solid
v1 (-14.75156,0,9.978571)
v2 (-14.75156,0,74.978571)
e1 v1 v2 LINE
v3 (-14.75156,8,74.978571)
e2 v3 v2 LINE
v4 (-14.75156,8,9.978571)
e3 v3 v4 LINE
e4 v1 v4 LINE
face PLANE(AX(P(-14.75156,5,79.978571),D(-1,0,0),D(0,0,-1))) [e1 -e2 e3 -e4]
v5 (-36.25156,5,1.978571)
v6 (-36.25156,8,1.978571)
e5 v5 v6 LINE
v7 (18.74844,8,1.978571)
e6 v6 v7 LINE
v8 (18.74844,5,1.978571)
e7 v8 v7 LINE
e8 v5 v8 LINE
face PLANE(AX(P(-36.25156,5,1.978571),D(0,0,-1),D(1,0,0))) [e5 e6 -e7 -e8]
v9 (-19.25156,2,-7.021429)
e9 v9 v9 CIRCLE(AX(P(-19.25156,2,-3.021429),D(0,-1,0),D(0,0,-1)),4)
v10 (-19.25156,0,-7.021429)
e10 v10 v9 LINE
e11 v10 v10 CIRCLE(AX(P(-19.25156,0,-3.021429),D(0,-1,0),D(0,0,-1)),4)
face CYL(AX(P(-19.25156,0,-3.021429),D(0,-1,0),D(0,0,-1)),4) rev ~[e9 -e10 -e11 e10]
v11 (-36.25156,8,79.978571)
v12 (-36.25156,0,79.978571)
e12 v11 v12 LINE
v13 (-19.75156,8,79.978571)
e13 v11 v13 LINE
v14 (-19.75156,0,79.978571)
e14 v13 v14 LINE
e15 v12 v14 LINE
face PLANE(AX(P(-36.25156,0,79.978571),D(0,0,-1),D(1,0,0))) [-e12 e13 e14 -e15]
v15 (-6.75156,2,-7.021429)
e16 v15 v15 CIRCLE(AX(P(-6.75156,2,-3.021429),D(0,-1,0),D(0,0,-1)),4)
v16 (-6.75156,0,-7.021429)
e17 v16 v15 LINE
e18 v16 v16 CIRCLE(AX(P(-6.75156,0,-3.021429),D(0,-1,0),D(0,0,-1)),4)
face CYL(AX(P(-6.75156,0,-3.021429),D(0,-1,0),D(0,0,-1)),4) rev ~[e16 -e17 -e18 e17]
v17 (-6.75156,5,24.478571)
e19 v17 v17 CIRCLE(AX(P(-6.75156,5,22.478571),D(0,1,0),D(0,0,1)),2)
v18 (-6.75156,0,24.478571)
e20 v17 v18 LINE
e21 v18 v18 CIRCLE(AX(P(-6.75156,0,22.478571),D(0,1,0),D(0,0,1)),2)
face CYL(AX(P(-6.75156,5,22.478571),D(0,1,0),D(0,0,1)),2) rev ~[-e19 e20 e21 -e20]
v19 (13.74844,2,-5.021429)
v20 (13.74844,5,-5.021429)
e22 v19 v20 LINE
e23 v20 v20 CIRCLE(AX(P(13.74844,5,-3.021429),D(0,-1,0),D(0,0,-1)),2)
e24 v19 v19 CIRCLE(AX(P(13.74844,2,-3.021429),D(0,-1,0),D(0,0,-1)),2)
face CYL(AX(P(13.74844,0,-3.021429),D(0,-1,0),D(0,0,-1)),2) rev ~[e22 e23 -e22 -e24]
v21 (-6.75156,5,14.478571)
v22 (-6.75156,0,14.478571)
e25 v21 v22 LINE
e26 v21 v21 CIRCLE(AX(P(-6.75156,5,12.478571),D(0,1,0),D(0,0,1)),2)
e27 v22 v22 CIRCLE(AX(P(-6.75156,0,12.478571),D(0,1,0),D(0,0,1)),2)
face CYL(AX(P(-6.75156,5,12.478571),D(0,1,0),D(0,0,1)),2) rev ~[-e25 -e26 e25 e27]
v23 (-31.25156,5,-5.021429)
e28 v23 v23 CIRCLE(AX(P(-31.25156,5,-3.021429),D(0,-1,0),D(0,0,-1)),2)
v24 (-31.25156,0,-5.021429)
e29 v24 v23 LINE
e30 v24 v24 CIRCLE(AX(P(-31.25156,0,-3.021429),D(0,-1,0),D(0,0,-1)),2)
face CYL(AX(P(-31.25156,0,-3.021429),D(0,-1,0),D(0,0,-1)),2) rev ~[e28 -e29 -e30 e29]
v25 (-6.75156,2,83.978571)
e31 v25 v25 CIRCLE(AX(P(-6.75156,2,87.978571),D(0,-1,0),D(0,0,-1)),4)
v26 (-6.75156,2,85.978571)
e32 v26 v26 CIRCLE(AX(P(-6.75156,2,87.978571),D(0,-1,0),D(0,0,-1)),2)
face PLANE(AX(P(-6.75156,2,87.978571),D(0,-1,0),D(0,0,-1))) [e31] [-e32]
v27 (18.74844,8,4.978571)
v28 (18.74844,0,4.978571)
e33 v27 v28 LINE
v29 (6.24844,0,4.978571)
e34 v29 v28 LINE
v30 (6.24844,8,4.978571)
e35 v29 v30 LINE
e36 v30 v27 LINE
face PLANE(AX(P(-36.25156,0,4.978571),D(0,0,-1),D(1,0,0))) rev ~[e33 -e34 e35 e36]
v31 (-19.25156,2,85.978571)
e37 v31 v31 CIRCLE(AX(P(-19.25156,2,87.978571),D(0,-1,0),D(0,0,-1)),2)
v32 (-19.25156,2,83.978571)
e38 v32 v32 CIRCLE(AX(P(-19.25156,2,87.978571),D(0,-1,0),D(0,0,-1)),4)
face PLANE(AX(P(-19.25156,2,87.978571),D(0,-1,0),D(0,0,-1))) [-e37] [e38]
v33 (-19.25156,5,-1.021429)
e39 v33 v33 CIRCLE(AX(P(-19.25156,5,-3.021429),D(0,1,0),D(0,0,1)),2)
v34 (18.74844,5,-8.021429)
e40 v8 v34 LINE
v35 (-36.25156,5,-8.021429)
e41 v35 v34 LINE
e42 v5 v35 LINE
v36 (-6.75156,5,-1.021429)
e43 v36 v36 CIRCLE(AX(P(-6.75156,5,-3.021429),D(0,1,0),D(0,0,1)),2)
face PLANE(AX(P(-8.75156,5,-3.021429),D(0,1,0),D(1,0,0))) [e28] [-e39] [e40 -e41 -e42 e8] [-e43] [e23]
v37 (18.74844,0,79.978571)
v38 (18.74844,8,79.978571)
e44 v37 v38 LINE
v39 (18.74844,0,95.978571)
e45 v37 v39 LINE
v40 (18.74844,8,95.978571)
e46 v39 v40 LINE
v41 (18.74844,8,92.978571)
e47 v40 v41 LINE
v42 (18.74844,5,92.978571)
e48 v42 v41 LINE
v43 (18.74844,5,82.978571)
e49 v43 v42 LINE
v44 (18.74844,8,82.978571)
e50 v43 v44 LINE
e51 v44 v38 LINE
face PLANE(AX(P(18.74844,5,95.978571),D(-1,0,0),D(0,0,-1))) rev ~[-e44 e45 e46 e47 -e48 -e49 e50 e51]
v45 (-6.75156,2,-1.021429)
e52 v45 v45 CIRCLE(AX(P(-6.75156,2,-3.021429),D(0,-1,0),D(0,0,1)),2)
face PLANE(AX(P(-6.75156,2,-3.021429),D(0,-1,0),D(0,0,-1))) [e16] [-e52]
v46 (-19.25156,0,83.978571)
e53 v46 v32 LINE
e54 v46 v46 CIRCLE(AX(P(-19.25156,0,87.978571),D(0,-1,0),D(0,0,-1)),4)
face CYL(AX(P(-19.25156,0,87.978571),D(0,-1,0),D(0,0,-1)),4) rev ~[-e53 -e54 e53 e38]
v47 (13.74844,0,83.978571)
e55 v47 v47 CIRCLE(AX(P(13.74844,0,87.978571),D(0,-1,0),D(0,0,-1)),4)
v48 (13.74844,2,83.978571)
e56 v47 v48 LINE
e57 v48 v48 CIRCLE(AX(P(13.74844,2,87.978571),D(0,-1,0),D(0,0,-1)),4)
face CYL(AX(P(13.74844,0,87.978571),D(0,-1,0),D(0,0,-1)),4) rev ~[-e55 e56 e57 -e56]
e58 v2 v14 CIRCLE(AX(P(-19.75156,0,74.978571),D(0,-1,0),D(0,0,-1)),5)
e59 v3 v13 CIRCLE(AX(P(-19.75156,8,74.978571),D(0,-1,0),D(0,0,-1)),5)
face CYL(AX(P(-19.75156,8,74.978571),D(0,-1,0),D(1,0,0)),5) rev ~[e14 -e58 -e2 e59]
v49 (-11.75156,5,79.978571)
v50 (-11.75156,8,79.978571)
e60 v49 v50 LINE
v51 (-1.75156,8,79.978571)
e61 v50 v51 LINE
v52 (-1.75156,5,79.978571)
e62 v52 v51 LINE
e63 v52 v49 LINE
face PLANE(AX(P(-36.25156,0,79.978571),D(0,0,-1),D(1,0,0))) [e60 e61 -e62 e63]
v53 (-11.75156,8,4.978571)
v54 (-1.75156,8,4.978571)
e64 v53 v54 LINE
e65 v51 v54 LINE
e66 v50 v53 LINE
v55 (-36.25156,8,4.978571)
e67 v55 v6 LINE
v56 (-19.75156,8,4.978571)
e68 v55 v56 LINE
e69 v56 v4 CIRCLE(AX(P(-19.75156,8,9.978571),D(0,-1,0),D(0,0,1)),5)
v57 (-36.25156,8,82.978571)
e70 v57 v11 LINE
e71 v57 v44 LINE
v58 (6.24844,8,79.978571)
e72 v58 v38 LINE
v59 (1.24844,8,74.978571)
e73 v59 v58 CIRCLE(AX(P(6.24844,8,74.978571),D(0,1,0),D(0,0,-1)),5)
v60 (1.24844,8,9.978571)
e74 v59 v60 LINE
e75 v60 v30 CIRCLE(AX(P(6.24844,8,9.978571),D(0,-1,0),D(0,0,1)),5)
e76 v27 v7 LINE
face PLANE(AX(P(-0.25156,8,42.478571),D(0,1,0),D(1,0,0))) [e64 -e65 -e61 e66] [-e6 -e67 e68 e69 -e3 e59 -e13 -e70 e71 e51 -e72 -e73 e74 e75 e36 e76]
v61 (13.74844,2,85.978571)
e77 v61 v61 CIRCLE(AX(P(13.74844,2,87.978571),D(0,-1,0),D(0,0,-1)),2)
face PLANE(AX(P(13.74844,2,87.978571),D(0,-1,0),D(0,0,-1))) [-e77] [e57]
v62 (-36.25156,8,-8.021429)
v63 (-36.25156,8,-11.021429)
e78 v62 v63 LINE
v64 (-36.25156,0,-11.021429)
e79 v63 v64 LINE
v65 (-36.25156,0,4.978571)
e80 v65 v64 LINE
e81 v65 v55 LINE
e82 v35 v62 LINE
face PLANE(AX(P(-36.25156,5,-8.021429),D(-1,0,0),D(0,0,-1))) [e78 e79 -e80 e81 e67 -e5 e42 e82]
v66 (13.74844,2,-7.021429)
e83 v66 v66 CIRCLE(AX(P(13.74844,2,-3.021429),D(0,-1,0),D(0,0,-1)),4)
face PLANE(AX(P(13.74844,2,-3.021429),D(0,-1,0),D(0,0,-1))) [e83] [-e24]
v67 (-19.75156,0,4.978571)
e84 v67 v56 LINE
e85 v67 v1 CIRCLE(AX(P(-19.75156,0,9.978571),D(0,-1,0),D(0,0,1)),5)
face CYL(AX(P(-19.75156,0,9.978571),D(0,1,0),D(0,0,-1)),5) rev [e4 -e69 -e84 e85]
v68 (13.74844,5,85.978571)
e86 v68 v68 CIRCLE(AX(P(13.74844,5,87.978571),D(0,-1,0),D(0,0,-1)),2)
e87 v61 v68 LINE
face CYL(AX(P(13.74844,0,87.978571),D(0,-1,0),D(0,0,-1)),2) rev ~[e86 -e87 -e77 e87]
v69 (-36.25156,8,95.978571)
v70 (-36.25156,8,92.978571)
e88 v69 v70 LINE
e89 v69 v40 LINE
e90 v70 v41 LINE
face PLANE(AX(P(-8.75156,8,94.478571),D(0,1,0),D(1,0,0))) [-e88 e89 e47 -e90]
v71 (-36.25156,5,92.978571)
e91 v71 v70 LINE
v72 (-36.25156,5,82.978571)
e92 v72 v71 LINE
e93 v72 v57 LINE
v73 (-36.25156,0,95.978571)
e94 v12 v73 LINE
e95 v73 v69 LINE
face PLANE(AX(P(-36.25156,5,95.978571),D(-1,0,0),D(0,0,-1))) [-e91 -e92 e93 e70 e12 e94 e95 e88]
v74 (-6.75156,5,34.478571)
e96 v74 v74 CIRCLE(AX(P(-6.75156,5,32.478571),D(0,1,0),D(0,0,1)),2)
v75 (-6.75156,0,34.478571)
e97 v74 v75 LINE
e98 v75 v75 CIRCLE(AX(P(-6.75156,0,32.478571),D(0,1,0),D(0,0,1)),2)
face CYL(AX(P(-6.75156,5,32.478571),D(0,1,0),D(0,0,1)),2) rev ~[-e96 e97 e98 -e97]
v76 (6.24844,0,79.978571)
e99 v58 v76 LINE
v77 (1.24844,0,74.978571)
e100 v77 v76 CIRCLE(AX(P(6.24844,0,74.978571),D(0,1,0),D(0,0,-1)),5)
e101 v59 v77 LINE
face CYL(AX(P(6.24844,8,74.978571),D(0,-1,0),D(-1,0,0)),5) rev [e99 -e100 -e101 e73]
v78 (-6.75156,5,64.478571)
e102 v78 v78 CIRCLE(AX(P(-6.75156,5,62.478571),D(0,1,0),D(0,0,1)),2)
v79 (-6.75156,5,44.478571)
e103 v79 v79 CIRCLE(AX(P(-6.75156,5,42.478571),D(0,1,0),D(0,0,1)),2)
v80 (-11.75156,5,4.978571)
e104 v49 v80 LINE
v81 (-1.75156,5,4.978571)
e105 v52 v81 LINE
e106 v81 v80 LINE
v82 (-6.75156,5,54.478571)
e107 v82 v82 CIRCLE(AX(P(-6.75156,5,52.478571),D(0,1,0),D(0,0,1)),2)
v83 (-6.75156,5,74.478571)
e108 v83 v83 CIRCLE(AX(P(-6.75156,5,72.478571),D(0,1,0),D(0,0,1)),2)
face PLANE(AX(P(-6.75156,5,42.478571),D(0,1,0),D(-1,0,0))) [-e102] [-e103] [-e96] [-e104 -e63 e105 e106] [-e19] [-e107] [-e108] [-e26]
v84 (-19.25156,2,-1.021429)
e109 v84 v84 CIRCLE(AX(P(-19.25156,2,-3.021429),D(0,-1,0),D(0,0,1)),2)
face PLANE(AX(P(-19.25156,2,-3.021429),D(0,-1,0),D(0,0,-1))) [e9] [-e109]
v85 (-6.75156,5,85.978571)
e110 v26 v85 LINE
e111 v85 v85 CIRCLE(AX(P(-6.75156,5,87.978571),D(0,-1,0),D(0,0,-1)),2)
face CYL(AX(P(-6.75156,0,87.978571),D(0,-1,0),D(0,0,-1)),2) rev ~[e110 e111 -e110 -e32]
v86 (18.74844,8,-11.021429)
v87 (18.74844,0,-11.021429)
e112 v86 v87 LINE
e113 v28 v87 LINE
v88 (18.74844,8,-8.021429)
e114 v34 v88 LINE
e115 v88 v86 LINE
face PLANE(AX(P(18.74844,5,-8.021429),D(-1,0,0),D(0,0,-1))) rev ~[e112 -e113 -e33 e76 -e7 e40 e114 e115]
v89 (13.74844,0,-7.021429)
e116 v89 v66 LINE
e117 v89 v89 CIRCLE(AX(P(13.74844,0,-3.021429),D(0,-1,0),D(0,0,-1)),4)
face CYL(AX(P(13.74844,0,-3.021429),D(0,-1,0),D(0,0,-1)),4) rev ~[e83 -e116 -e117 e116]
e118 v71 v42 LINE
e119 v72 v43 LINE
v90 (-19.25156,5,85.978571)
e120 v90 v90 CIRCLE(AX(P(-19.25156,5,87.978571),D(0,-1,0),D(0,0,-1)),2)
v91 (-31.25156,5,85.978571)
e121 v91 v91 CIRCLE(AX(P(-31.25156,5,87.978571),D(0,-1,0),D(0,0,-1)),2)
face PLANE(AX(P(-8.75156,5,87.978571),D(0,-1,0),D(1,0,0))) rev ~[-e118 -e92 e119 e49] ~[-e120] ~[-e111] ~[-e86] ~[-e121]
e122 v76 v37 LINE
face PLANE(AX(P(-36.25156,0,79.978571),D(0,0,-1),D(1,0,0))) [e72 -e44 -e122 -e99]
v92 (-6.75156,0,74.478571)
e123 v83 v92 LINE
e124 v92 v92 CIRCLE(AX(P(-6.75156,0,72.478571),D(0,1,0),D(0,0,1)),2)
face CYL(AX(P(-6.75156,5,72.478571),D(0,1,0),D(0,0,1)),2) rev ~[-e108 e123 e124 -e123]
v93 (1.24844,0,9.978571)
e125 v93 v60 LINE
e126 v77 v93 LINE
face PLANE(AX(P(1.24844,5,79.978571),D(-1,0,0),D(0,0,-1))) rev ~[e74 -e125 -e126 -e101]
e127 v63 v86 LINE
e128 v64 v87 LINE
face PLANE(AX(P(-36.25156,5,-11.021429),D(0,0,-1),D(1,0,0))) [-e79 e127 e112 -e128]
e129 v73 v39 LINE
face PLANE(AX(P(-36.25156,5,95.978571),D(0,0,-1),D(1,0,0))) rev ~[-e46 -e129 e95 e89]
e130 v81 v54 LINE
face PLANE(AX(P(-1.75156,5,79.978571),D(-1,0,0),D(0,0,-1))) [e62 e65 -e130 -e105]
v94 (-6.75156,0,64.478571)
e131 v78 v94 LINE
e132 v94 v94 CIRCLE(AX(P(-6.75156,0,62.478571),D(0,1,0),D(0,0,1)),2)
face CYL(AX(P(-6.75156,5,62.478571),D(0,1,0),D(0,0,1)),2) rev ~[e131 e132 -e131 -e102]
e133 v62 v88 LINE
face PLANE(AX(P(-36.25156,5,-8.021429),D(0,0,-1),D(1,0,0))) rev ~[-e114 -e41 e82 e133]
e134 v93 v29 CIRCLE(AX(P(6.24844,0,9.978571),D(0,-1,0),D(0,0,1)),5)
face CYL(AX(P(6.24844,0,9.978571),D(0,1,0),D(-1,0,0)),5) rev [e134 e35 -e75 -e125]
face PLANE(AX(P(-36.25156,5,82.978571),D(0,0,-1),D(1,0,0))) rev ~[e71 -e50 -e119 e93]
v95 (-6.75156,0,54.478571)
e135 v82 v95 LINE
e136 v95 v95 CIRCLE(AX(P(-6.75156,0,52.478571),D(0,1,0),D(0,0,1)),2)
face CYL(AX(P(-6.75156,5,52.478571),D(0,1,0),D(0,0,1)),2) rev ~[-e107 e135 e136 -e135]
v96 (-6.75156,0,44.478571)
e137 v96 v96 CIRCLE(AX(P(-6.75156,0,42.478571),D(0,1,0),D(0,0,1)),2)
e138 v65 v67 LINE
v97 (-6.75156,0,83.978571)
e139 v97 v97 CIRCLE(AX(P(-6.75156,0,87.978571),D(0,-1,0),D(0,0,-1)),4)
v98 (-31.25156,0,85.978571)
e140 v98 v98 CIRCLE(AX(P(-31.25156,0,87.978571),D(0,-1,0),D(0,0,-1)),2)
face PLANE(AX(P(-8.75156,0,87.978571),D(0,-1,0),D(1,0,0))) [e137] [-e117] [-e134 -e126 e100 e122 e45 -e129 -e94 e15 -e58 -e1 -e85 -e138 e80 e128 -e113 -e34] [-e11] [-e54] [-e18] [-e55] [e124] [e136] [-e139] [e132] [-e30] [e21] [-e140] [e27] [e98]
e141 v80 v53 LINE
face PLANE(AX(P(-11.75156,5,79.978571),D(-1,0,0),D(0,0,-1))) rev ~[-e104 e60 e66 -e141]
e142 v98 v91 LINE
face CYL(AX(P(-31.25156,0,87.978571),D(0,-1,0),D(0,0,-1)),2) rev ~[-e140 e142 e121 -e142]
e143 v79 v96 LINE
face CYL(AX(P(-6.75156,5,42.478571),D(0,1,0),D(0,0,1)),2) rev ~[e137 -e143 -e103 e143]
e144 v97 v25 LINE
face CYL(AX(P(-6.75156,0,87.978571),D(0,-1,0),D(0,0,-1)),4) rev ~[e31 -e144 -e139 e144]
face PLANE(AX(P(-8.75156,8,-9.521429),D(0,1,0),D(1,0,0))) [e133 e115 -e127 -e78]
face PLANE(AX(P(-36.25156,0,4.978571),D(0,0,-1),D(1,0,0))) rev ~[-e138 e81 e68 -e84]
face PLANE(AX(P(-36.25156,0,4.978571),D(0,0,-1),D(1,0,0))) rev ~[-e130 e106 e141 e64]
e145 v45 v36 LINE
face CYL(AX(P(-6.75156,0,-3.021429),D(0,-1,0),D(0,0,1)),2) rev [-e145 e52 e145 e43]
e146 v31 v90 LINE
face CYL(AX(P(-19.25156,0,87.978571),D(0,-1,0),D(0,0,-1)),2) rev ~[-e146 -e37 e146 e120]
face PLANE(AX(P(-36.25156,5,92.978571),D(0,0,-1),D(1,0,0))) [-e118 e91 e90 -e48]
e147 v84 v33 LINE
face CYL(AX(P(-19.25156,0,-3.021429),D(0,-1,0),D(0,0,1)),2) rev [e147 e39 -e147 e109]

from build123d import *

# Parameters (mm, degrees)
SKETCH1_W           = 55
SKETCH1_H           = 16
SKETCH1_R           = 2
BOSS_EXTRUDE1_DEPTH = 5
SKETCH2_W           = 55
SKETCH2_H           = 3
BOSS_EXTRUDE2_DEPTH = 3
SKETCH4_W           = 55
SKETCH4_H           = 16
SKETCH4_R           = 2
BOSS_EXTRUDE3_DEPTH = 5
SKETCH5_W           = 55
SKETCH5_H           = 3
BOSS_EXTRUDE4_DEPTH = 3
BOSS_EXTRUDE5_DEPTH = 5
SKETCH7_W           = 3
SKETCH7_H           = 75
BOSS_EXTRUDE6_DEPTH = 3
SKETCH8_R           = 2
CUT_EXTRUDE2_DEPTH  = 5
SKETCH10_R          = 4
CUT_EXTRUDE3_DEPTH  = 2
SKETCH11_R          = 2
CUT_EXTRUDE4_DEPTH  = 5
SKETCH12_R          = 2
CUT_EXTRUDE5_DEPTH  = 5
FILLET1_R           = 5


with BuildPart() as part:
    # Sketch1 → Boss-Extrude1 (new body)
    with BuildSketch(Plane(origin=(0, 0, 0), x_dir=(1, 0, 0), z_dir=(0, 1, 0))):
        with Locations((-8.751560295, 3.021428571)):
            Rectangle(SKETCH1_W, SKETCH1_H)
        with Locations(Location((-6.751560295, 3.021428571, 0), (0, 0, 270))):
            Circle(SKETCH1_R, mode=Mode.SUBTRACT)
        with Locations(Location((-19.251560295, 3.021428571, 0), (0, 0, 270))):
            Circle(SKETCH1_R, mode=Mode.SUBTRACT)
    extrude(amount=BOSS_EXTRUDE1_DEPTH)

    # Sketch2 → Boss-Extrude2 (add)
    with BuildSketch(Plane(origin=(0, 5, 0), x_dir=(1, 0, 0), z_dir=(0, 1, 0))):
        with Locations((-8.751560295, 9.521428571)):
            Rectangle(SKETCH2_W, SKETCH2_H)
        with Locations((-8.751560295, -3.478571429)):
            Rectangle(SKETCH2_W, SKETCH2_H)
    extrude(amount=BOSS_EXTRUDE2_DEPTH)



with BuildPart() as body_2:
    # Sketch4 → Boss-Extrude3 (new body)
    with BuildSketch(Plane.XZ):
        with Locations((-8.751560295, 87.978571429)):
            Rectangle(SKETCH4_W, SKETCH4_H)
        with Locations(Location((-19.251560295, 87.978571429, 0), (0, 0, 270))):
            Circle(SKETCH4_R, mode=Mode.SUBTRACT)
        with Locations(Location((-6.751560295, 87.978571429, 0), (0, 0, 270))):
            Circle(SKETCH4_R, mode=Mode.SUBTRACT)
    extrude(amount=-BOSS_EXTRUDE3_DEPTH)

    # Sketch5 → Boss-Extrude4 (add)
    with BuildSketch(Plane(origin=(0, 5, 0), x_dir=(1, 0, 0), z_dir=(0, 1, 0))):
        with Locations((-8.751560295, -94.478571429)):
            Rectangle(SKETCH5_W, SKETCH5_H)
        with Locations((-8.751560295, -81.478571429)):
            Rectangle(SKETCH5_W, SKETCH5_H)
    extrude(amount=BOSS_EXTRUDE4_DEPTH)


with BuildPart() as part_1:
    add(part.part)

    add(body_2.part)  # Boss-Extrude5 merges body 2
    # Sketch6 → Boss-Extrude5 (add)
    with BuildSketch(Plane.XZ):
        Polygon((-6.751560295, 79.978571429), (1.248439705, 79.978571429), (1.248439705, 4.978571429), (-14.751560295, 4.978571429), (-14.751560295, 79.978571429), align=None)
    extrude(amount=-BOSS_EXTRUDE5_DEPTH)

    # Sketch7 → Boss-Extrude6 (add)
    with BuildSketch(Plane(origin=(0, 5, 0), x_dir=(1, 0, 0), z_dir=(0, 1, 0))):
        with Locations((-0.251560295, -42.478571429)):
            Rectangle(SKETCH7_W, SKETCH7_H)
        with Locations((-13.251560295, -42.478571429)):
            Rectangle(SKETCH7_W, SKETCH7_H)
    extrude(amount=BOSS_EXTRUDE6_DEPTH)

    # Sketch8 → Cut-Extrude2 (cut)
    with BuildSketch(Plane.XZ):
        with Locations(Location((13.748439705, -3.021428571, 0), (0, 0, 270))):
            Circle(SKETCH8_R)
        with Locations(Location((13.748439705, 87.978571429, 0), (0, 0, 270))):
            Circle(SKETCH8_R)
    extrude(amount=-CUT_EXTRUDE2_DEPTH, mode=Mode.SUBTRACT)

    # Sketch10 → Cut-Extrude3 (cut)
    with BuildSketch(Plane.XZ):
        with Locations(Location((-19.251560295, -3.021428571, 0), (0, 0, 270))):
            Circle(SKETCH10_R)
        with Locations(Location((-6.751560295, -3.021428571, 0), (0, 0, 270))):
            Circle(SKETCH10_R)
        with Locations(Location((13.748439705, -3.021428571, 0), (0, 0, 270))):
            Circle(SKETCH10_R)
        with Locations(Location((-19.251560295, 87.978571429, 0), (0, 0, 270))):
            Circle(SKETCH10_R)
        with Locations(Location((-6.751560295, 87.978571429, 0), (0, 0, 270))):
            Circle(SKETCH10_R)
        with Locations(Location((13.748439705, 87.978571429, 0), (0, 0, 270))):
            Circle(SKETCH10_R)
    extrude(amount=-CUT_EXTRUDE3_DEPTH, mode=Mode.SUBTRACT)

    # Sketch11 → Cut-Extrude4 (cut)
    with BuildSketch(Plane.XZ):
        with Locations(Location((-31.251560295, -3.021428571, 0), (0, 0, 270))):
            Circle(SKETCH11_R)
        with Locations(Location((-31.251560295, 87.978571429, 0), (0, 0, 270))):
            Circle(SKETCH11_R)
    extrude(amount=-CUT_EXTRUDE4_DEPTH, mode=Mode.SUBTRACT)

    # Sketch12 → Cut-Extrude5 (cut)
    with BuildSketch(Plane(origin=(0, 5, 0), x_dir=(1, 0, 0), z_dir=(0, 1, 0))):
        with Locations(Location((-6.751560295, -12.478571429, 0), (0, 0, 270))):
            Circle(SKETCH12_R)
        with Locations(Location((-6.751560295, -22.478571429, 0), (0, 0, 270))):
            Circle(SKETCH12_R)
        with Locations(Location((-6.751560295, -32.478571429, 0), (0, 0, 270))):
            Circle(SKETCH12_R)
        with Locations(Location((-6.751560295, -42.478571429, 0), (0, 0, 270))):
            Circle(SKETCH12_R)
        with Locations(Location((-6.751560295, -52.478571429, 0), (0, 0, 270))):
            Circle(SKETCH12_R)
        with Locations(Location((-6.751560295, -62.478571429, 0), (0, 0, 270))):
            Circle(SKETCH12_R)
        with Locations(Location((-6.751560295, -72.478571429, 0), (0, 0, 270))):
            Circle(SKETCH12_R)
    extrude(amount=-CUT_EXTRUDE5_DEPTH, mode=Mode.SUBTRACT)

    # Fillet1
    fillet1_edges = [part_1.edges().sort_by_distance(p)[0] for p in [
        (-14.751560295, 4, 79.978571429),
        (1.248439705, 4, 79.978571429),
        (1.248439705, 4, 4.978571429),
        (-14.751560295, 4, 4.978571429),
    ]]
    fillet(fillet1_edges, radius=FILLET1_R)


solid = part_1.part
